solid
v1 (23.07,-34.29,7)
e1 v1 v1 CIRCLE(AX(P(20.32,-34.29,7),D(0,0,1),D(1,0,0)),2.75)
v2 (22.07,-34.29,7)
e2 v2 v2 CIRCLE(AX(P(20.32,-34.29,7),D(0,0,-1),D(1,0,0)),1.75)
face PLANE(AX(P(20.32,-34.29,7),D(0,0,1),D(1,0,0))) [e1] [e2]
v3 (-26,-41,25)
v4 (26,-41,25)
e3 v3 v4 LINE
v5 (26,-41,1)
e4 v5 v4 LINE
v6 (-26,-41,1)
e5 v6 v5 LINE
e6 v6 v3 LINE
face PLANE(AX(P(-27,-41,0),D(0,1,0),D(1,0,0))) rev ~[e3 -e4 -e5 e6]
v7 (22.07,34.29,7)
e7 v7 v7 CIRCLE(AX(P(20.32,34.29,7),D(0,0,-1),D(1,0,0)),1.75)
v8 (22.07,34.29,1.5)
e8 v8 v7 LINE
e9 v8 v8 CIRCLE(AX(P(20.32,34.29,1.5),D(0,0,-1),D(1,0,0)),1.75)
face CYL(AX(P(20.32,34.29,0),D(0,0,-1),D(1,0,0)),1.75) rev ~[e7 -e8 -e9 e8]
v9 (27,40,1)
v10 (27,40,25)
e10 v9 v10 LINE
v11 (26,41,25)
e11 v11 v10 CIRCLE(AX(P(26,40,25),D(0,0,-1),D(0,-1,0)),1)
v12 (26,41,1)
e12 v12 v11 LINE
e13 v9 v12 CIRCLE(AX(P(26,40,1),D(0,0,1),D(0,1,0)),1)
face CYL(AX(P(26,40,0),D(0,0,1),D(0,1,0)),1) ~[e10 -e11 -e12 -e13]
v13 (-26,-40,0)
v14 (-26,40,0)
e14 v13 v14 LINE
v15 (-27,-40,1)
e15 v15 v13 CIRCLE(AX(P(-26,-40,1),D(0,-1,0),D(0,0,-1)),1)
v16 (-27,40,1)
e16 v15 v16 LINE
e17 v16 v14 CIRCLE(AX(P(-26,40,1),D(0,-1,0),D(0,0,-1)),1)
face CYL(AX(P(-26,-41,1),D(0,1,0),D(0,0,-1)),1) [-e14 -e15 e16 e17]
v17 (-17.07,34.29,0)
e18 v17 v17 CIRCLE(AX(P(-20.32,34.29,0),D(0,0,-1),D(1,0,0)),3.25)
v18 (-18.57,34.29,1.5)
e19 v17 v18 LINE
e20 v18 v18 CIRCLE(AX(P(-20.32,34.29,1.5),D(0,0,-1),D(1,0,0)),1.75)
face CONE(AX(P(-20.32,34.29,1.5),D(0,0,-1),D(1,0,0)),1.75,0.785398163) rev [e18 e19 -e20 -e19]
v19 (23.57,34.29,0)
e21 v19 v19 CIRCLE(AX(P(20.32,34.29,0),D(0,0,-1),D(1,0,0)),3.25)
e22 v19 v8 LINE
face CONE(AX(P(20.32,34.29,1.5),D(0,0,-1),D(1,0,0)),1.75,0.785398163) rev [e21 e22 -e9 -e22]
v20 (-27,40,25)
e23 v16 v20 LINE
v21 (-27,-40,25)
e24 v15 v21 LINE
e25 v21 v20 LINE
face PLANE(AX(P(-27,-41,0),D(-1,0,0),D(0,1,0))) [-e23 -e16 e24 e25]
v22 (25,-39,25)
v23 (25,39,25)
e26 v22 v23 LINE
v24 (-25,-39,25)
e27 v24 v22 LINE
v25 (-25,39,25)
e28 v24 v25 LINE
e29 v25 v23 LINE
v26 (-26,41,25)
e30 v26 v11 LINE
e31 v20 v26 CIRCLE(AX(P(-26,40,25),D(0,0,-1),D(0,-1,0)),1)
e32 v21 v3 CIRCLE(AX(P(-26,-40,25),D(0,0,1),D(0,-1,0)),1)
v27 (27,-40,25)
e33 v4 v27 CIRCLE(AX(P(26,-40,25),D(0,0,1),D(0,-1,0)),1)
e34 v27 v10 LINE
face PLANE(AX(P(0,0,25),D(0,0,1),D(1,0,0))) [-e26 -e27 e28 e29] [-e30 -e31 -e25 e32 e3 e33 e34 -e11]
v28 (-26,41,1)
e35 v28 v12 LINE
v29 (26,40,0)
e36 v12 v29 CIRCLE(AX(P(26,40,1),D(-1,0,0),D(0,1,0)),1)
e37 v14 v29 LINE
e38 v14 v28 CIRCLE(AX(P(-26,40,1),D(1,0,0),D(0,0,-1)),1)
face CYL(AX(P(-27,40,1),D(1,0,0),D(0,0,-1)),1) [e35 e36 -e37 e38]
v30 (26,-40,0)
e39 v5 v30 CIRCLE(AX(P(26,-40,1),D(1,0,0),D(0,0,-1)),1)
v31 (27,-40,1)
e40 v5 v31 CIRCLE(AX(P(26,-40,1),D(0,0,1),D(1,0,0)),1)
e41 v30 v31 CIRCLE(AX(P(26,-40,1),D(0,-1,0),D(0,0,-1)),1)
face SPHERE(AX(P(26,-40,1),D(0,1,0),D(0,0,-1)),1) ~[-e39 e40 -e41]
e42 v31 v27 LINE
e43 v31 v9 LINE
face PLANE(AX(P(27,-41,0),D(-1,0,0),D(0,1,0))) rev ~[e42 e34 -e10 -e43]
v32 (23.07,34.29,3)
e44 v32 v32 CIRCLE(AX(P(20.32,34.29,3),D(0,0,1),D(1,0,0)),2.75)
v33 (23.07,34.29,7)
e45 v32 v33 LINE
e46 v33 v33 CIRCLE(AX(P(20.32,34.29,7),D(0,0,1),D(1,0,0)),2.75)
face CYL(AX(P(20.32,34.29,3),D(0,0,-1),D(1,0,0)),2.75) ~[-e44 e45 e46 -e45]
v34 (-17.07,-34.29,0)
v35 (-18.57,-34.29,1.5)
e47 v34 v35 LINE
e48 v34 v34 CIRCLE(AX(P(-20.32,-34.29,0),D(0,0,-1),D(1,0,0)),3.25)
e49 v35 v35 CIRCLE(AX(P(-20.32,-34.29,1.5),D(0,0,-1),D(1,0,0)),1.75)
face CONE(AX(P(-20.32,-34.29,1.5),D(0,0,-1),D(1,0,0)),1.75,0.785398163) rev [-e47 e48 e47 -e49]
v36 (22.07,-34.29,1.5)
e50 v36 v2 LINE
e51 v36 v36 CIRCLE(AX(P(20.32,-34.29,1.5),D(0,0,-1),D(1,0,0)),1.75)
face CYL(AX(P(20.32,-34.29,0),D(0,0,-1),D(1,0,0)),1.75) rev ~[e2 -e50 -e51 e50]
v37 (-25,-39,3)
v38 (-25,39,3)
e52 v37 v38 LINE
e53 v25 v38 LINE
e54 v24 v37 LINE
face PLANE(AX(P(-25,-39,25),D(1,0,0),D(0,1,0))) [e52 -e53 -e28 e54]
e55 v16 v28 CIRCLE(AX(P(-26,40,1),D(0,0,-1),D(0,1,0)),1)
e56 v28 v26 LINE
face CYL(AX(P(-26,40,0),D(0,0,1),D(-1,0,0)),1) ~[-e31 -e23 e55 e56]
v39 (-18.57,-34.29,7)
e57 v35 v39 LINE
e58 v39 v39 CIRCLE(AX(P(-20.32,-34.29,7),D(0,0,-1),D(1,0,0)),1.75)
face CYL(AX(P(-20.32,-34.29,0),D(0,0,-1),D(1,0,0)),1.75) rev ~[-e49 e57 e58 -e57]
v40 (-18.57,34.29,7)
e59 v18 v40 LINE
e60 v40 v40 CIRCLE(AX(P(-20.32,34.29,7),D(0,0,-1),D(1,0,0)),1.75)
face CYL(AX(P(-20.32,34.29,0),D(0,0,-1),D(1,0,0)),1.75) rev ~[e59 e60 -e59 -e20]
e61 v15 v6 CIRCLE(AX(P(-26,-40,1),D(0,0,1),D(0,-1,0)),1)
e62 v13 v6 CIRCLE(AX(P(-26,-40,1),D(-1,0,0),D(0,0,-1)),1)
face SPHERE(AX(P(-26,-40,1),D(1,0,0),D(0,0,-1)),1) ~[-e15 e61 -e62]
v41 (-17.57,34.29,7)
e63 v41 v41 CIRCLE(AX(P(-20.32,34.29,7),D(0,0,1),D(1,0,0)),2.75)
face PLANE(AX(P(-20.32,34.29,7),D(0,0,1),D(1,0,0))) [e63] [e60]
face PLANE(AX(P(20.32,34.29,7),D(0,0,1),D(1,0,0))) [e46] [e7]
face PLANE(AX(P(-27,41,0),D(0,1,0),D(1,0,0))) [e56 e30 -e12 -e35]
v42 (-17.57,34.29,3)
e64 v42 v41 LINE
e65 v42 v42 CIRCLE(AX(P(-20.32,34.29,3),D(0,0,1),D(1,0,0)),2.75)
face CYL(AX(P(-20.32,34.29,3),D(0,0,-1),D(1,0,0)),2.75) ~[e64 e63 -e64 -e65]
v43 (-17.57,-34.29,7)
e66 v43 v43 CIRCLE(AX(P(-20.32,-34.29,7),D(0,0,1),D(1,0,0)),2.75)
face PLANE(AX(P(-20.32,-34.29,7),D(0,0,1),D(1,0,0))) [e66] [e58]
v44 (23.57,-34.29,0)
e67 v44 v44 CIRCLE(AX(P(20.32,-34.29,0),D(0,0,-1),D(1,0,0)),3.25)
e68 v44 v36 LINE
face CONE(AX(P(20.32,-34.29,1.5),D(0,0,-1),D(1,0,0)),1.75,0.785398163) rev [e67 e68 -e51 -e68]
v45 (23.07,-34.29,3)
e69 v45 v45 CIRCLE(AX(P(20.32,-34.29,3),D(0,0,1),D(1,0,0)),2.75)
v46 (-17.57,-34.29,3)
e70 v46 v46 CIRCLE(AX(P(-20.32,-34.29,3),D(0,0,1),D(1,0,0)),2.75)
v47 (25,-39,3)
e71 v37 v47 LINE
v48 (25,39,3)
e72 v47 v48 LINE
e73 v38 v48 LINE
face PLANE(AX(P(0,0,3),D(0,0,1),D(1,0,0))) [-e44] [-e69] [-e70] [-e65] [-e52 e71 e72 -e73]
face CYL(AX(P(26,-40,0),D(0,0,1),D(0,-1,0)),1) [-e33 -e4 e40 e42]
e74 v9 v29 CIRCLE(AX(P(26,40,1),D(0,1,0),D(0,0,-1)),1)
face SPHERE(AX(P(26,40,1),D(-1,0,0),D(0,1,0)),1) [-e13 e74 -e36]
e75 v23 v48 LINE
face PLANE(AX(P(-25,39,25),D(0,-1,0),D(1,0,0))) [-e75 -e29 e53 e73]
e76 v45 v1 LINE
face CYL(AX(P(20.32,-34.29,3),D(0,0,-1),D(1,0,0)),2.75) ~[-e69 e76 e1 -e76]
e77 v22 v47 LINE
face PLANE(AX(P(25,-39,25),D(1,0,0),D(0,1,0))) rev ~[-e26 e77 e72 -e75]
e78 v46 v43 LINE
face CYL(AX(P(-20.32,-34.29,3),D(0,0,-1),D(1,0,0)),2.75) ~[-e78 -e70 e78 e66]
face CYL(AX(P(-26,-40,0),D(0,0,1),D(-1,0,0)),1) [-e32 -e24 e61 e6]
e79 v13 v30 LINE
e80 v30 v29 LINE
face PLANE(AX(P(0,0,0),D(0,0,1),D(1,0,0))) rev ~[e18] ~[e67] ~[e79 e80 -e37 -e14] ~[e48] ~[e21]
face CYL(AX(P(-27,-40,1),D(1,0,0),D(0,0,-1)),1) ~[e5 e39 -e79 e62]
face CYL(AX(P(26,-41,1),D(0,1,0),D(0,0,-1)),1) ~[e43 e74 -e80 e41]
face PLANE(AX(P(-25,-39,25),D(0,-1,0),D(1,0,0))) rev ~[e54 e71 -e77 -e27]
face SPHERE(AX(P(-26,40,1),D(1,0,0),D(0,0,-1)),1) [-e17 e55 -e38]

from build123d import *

# Parameters (mm, degrees)
SKETCH_W        = 54
SKETCH_H        = 82
PAD_DEPTH       = 25
SKETCH001_W     = 50
SKETCH001_H     = 78
POCKET_DEPTH    = 22
SKETCH002_R     = 2.75
PAD001_DEPTH    = 4
SKETCH003_R     = 1.75
POCKET001_DEPTH = 23
CHAMFER_SIZE    = 1.5
FILLET_R        = 1


with BuildPart() as part:
    # Sketch → Pad (new body)
    with BuildSketch(Plane.XY):
        Rectangle(SKETCH_W, SKETCH_H)
    extrude(amount=PAD_DEPTH)

    # Sketch001 (on Face6 of Pad) → Pocket (cut)
    with BuildSketch(Plane.XY.offset(25)):
        Rectangle(SKETCH001_W, SKETCH001_H)
    extrude(amount=-POCKET_DEPTH, mode=Mode.SUBTRACT)

    # Sketch002 (on Face11 of Pocket) → Pad001 (join)
    with BuildSketch(Plane.XY.offset(3)):
        with Locations((-20.32, 34.29)):
            Circle(SKETCH002_R)
        with Locations((20.32, 34.29)):
            Circle(SKETCH002_R)
        with Locations((-20.32, -34.29)):
            Circle(SKETCH002_R)
        with Locations((20.32, -34.29)):
            Circle(SKETCH002_R)
    extrude(amount=PAD001_DEPTH)

    # Sketch003 (on Face4 of Pad001) → Pocket001 (cut)
    with BuildSketch(Plane(origin=(0, 0, 0), x_dir=(1, 0, 0), z_dir=(0, 0, -1))):
        with Locations((20.32, -34.29)):
            Circle(SKETCH003_R)
        with Locations((-20.32, -34.29)):
            Circle(SKETCH003_R)
        with Locations((-20.32, 34.29)):
            Circle(SKETCH003_R)
        with Locations((20.32, 34.29)):
            Circle(SKETCH003_R)
    extrude(amount=-POCKET001_DEPTH, mode=Mode.SUBTRACT)

    # Chamfer
    chamfer_edges = [part.edges().sort_by_distance(p)[0] for p in [
        (18.57, 34.29, 0),
        (-22.07, 34.29, 0),
        (-22.07, -34.29, 0),
        (18.57, -34.29, 0),
    ]]
    chamfer(chamfer_edges, length=CHAMFER_SIZE)

    # Fillet
    fillet_edges = [part.edges().sort_by_distance(p)[0] for p in [
        (0, 41, 0),
        (27, 41, 12.5),
        (27, 0, 0),
        (0, -41, 0),
        (-27, 0, 0),
        (-27, 41, 12.5),
        (27, -41, 12.5),
        (-27, -41, 12.5),
    ]]
    fillet(fillet_edges, radius=FILLET_R)


solid = part.part
